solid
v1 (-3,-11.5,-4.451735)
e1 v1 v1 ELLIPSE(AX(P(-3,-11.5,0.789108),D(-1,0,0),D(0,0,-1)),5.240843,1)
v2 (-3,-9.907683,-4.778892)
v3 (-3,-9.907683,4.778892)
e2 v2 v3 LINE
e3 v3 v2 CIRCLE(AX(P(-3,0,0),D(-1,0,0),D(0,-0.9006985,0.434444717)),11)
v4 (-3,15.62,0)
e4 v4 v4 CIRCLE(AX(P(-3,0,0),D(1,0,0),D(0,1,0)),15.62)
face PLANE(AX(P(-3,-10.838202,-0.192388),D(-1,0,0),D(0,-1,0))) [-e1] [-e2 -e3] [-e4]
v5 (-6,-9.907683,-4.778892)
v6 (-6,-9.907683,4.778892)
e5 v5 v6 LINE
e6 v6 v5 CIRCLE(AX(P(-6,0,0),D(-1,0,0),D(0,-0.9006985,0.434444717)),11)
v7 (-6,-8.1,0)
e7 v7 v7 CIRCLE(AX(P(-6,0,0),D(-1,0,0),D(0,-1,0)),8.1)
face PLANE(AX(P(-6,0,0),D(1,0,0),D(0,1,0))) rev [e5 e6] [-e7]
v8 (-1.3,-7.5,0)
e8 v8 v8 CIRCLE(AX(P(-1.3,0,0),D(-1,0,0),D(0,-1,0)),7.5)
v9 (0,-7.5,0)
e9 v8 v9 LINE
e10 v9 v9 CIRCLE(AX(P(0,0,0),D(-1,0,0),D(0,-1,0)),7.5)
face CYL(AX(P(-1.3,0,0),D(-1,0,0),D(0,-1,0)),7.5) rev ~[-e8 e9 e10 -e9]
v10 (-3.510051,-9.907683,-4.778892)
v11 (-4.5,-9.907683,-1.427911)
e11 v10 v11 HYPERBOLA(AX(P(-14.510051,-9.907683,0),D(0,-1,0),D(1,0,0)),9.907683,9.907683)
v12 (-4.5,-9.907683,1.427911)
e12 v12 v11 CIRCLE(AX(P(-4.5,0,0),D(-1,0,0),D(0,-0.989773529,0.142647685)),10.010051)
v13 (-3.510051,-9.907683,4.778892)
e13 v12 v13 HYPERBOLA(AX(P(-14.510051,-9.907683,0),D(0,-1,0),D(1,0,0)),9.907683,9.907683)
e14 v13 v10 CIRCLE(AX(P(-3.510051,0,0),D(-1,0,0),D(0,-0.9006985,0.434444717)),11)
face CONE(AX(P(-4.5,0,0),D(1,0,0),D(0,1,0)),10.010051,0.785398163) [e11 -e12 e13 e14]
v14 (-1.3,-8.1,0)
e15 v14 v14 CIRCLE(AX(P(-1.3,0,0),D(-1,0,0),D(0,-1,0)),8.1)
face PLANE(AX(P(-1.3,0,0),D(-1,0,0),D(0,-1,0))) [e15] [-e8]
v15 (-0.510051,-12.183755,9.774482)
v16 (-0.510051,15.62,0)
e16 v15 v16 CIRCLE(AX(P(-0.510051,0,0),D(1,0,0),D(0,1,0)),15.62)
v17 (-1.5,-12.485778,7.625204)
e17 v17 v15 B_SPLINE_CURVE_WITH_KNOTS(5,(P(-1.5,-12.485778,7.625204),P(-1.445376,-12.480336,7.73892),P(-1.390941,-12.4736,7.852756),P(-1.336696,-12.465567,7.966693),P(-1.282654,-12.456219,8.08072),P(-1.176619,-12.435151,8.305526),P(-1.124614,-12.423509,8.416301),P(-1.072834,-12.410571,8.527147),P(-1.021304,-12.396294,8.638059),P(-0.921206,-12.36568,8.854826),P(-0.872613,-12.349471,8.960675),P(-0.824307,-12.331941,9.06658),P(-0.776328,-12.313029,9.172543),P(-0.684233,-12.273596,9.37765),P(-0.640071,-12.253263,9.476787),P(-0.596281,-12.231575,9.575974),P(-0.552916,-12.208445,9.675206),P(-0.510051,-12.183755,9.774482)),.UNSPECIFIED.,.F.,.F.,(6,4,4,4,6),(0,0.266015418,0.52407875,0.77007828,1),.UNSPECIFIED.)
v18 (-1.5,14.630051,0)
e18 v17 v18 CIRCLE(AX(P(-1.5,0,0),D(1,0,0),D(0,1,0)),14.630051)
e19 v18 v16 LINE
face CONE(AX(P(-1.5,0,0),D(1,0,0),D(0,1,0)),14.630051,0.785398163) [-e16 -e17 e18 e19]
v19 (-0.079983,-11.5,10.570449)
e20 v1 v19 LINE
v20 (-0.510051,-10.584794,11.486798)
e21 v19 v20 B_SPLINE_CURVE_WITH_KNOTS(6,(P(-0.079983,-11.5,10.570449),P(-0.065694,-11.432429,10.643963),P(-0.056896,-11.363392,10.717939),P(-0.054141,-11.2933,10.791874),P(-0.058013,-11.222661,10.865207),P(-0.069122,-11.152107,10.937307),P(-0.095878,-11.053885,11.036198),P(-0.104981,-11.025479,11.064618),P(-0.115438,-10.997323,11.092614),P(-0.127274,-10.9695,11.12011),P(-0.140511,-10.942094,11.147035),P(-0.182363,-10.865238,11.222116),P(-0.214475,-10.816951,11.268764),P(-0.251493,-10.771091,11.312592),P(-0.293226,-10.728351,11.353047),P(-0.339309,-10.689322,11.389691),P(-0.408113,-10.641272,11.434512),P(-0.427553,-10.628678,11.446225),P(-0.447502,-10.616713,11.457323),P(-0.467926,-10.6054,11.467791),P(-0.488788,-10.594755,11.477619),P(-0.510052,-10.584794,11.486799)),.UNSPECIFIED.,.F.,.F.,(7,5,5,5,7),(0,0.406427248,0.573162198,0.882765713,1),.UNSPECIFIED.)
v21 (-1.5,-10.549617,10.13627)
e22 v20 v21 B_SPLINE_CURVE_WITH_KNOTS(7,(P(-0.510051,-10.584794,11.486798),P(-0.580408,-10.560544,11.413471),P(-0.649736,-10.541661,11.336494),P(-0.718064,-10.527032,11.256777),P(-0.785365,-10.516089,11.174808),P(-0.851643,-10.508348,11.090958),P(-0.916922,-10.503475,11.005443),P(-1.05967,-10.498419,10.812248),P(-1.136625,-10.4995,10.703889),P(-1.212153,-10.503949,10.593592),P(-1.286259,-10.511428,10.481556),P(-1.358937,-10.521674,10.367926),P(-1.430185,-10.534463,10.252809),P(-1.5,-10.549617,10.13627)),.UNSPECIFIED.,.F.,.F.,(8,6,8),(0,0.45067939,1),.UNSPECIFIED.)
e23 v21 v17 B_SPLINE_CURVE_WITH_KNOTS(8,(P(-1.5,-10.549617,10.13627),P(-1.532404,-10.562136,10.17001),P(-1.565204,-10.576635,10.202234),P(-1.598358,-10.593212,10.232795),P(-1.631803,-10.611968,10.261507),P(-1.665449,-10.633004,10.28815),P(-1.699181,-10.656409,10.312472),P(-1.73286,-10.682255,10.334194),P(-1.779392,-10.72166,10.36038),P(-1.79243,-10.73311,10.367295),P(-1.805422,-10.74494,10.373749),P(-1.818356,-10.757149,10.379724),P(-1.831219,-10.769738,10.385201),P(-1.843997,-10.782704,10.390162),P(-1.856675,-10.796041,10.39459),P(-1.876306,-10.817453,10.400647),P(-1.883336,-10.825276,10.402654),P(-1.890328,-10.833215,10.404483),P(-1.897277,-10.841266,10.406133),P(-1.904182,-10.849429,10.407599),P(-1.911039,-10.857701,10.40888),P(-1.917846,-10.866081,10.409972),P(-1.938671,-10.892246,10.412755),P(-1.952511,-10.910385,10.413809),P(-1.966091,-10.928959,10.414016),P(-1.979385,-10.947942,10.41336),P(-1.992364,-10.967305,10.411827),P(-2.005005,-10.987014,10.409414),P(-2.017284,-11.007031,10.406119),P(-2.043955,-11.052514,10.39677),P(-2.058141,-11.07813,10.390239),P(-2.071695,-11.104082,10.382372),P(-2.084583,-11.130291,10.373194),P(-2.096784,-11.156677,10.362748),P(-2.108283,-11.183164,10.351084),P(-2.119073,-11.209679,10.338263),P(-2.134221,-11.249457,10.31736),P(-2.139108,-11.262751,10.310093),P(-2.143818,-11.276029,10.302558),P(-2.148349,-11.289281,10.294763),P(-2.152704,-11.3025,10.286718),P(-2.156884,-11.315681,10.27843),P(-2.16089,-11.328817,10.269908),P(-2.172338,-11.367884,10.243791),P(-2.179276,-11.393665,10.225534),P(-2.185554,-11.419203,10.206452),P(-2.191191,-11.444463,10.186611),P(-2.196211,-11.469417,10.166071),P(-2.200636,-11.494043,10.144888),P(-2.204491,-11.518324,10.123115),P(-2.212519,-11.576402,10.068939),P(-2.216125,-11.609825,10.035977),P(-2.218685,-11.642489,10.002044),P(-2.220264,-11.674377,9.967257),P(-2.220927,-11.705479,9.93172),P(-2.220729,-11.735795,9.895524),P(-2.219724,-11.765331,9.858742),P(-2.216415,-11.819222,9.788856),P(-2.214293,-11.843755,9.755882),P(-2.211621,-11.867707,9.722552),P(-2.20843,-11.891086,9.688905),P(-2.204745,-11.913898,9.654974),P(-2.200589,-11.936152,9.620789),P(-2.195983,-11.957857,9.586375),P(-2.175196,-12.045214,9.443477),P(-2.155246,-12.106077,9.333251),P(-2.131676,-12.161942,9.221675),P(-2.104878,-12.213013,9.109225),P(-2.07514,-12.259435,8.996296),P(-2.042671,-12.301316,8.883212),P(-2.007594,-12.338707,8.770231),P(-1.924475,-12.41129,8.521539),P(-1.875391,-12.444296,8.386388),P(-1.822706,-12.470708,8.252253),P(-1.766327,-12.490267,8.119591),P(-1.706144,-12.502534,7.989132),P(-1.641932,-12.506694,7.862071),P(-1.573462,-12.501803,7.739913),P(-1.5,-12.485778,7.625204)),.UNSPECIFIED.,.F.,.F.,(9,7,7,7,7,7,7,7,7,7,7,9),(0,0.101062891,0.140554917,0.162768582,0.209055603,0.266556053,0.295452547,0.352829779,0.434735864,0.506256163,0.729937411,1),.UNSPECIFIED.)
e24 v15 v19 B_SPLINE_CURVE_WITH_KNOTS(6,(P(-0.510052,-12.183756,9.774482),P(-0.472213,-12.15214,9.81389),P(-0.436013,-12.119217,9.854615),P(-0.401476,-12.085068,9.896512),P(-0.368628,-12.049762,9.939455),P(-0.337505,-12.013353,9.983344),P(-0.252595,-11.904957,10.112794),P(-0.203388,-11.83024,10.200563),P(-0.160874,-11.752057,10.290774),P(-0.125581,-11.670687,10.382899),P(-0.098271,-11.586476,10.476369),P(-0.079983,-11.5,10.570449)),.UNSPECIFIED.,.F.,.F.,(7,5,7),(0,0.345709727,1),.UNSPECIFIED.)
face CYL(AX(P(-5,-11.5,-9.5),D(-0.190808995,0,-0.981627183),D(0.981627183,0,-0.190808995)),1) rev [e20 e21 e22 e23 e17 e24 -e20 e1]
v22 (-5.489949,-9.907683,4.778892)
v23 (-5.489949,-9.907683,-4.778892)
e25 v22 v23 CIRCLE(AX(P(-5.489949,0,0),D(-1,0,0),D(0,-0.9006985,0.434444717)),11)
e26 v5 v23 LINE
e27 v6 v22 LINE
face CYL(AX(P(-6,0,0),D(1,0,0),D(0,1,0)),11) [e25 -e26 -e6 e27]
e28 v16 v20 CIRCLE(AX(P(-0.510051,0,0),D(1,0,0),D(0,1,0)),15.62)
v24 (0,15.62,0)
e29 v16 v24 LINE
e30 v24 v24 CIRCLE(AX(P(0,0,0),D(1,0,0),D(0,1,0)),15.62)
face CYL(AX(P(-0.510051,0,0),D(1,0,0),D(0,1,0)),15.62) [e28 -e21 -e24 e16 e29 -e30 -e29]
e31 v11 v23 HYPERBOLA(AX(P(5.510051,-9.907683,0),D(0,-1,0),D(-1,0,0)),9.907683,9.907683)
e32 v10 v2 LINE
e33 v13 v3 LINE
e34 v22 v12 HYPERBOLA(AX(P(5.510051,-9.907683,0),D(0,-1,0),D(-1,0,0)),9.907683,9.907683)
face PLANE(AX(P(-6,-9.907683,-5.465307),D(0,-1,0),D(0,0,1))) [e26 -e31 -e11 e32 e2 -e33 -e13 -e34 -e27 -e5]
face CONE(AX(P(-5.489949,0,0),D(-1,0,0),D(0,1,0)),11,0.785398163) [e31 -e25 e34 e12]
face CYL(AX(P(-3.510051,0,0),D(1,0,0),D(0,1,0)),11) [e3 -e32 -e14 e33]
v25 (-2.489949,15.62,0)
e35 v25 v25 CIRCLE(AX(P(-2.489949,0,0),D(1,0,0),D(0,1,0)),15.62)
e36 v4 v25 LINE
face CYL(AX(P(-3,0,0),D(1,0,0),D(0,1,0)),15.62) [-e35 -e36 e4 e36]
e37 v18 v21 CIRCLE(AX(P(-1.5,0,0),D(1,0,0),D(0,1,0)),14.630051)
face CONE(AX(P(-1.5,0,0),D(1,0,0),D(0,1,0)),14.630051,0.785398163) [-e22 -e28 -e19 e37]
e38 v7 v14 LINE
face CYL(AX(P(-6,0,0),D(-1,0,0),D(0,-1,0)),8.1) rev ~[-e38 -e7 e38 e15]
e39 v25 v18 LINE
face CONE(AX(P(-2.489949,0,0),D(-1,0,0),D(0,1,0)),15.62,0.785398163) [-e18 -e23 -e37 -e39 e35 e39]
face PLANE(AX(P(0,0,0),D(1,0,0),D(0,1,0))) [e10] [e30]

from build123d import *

# Parameters (mm, degrees)
CYLINDER_R           = 1
CYLINDER_DEPTH       = 26
CYLINDER_PITCH_ANGLE = 11
SKETCH001_W          = 1.861037
SKETCH001_H          = 10.545838
POCKET_DEPTH         = 3
SKETCH002_R          = 8.1
POCKET001_DEPTH      = 4.7
SKETCH003_R          = 7.5
POCKET002_DEPTH      = 5


with BuildPart() as cylinder:
    # Cylinder → Cylinder (new body)
    with BuildSketch(Plane.XY):
        Circle(CYLINDER_R)
    extrude(amount=CYLINDER_DEPTH)


with BuildPart() as cylinder_1:
    # Cylinder pitch: moved
    add(cylinder.part.rotate(Axis((0, 0, 0), (0, 1, 0)), CYLINDER_PITCH_ANGLE))


with BuildPart() as cylinder_2:
    # Cylinder placement: moved
    add(cylinder_1.part.moved(Location((-5, -11.5, -9.5))))


with BuildPart() as cut:
    # Sketch → Revolution (revolve)
    with BuildSketch(Plane.XY):
        Polygon((-6, 0), (-6, 11), (-5.489949, 11), (-4.5, 10.010051), (-3.510051, 11), (-3, 11), (-3, 15.62), (-2.489949, 15.62), (-1.5, 14.630051), (-0.510051, 15.62), (0, 15.62), (0, 0), align=None)
    revolve(axis=Axis((0, 0, 0), (1, 0, 0)))

    # Sketch001 → Pocket (cut)
    with BuildSketch(Plane(origin=(-6, 0, 0), x_dir=(0, -1, 0), z_dir=(-1, 0, 0))):
        with Locations((10.838202, -0.192388)):
            Rectangle(SKETCH001_W, SKETCH001_H)
    extrude(amount=-POCKET_DEPTH, mode=Mode.SUBTRACT)

    # Sketch002 → Pocket001 (cut)
    with BuildSketch(Plane(origin=(-6, 0, 0), x_dir=(0, -1, 0), z_dir=(-1, 0, 0))):
        Circle(SKETCH002_R)
    extrude(amount=-POCKET001_DEPTH, mode=Mode.SUBTRACT)

    # Sketch003 → Pocket002 (cut)
    with BuildSketch(Plane(origin=(-1.3, 0, 0), x_dir=(0, -1, 0), z_dir=(-1, 0, 0))):
        Circle(SKETCH003_R)
    extrude(amount=-POCKET002_DEPTH, mode=Mode.SUBTRACT)

    # Cut: cut Cylinder
    add(cylinder_2.part, mode=Mode.SUBTRACT)


solid = cut.part
